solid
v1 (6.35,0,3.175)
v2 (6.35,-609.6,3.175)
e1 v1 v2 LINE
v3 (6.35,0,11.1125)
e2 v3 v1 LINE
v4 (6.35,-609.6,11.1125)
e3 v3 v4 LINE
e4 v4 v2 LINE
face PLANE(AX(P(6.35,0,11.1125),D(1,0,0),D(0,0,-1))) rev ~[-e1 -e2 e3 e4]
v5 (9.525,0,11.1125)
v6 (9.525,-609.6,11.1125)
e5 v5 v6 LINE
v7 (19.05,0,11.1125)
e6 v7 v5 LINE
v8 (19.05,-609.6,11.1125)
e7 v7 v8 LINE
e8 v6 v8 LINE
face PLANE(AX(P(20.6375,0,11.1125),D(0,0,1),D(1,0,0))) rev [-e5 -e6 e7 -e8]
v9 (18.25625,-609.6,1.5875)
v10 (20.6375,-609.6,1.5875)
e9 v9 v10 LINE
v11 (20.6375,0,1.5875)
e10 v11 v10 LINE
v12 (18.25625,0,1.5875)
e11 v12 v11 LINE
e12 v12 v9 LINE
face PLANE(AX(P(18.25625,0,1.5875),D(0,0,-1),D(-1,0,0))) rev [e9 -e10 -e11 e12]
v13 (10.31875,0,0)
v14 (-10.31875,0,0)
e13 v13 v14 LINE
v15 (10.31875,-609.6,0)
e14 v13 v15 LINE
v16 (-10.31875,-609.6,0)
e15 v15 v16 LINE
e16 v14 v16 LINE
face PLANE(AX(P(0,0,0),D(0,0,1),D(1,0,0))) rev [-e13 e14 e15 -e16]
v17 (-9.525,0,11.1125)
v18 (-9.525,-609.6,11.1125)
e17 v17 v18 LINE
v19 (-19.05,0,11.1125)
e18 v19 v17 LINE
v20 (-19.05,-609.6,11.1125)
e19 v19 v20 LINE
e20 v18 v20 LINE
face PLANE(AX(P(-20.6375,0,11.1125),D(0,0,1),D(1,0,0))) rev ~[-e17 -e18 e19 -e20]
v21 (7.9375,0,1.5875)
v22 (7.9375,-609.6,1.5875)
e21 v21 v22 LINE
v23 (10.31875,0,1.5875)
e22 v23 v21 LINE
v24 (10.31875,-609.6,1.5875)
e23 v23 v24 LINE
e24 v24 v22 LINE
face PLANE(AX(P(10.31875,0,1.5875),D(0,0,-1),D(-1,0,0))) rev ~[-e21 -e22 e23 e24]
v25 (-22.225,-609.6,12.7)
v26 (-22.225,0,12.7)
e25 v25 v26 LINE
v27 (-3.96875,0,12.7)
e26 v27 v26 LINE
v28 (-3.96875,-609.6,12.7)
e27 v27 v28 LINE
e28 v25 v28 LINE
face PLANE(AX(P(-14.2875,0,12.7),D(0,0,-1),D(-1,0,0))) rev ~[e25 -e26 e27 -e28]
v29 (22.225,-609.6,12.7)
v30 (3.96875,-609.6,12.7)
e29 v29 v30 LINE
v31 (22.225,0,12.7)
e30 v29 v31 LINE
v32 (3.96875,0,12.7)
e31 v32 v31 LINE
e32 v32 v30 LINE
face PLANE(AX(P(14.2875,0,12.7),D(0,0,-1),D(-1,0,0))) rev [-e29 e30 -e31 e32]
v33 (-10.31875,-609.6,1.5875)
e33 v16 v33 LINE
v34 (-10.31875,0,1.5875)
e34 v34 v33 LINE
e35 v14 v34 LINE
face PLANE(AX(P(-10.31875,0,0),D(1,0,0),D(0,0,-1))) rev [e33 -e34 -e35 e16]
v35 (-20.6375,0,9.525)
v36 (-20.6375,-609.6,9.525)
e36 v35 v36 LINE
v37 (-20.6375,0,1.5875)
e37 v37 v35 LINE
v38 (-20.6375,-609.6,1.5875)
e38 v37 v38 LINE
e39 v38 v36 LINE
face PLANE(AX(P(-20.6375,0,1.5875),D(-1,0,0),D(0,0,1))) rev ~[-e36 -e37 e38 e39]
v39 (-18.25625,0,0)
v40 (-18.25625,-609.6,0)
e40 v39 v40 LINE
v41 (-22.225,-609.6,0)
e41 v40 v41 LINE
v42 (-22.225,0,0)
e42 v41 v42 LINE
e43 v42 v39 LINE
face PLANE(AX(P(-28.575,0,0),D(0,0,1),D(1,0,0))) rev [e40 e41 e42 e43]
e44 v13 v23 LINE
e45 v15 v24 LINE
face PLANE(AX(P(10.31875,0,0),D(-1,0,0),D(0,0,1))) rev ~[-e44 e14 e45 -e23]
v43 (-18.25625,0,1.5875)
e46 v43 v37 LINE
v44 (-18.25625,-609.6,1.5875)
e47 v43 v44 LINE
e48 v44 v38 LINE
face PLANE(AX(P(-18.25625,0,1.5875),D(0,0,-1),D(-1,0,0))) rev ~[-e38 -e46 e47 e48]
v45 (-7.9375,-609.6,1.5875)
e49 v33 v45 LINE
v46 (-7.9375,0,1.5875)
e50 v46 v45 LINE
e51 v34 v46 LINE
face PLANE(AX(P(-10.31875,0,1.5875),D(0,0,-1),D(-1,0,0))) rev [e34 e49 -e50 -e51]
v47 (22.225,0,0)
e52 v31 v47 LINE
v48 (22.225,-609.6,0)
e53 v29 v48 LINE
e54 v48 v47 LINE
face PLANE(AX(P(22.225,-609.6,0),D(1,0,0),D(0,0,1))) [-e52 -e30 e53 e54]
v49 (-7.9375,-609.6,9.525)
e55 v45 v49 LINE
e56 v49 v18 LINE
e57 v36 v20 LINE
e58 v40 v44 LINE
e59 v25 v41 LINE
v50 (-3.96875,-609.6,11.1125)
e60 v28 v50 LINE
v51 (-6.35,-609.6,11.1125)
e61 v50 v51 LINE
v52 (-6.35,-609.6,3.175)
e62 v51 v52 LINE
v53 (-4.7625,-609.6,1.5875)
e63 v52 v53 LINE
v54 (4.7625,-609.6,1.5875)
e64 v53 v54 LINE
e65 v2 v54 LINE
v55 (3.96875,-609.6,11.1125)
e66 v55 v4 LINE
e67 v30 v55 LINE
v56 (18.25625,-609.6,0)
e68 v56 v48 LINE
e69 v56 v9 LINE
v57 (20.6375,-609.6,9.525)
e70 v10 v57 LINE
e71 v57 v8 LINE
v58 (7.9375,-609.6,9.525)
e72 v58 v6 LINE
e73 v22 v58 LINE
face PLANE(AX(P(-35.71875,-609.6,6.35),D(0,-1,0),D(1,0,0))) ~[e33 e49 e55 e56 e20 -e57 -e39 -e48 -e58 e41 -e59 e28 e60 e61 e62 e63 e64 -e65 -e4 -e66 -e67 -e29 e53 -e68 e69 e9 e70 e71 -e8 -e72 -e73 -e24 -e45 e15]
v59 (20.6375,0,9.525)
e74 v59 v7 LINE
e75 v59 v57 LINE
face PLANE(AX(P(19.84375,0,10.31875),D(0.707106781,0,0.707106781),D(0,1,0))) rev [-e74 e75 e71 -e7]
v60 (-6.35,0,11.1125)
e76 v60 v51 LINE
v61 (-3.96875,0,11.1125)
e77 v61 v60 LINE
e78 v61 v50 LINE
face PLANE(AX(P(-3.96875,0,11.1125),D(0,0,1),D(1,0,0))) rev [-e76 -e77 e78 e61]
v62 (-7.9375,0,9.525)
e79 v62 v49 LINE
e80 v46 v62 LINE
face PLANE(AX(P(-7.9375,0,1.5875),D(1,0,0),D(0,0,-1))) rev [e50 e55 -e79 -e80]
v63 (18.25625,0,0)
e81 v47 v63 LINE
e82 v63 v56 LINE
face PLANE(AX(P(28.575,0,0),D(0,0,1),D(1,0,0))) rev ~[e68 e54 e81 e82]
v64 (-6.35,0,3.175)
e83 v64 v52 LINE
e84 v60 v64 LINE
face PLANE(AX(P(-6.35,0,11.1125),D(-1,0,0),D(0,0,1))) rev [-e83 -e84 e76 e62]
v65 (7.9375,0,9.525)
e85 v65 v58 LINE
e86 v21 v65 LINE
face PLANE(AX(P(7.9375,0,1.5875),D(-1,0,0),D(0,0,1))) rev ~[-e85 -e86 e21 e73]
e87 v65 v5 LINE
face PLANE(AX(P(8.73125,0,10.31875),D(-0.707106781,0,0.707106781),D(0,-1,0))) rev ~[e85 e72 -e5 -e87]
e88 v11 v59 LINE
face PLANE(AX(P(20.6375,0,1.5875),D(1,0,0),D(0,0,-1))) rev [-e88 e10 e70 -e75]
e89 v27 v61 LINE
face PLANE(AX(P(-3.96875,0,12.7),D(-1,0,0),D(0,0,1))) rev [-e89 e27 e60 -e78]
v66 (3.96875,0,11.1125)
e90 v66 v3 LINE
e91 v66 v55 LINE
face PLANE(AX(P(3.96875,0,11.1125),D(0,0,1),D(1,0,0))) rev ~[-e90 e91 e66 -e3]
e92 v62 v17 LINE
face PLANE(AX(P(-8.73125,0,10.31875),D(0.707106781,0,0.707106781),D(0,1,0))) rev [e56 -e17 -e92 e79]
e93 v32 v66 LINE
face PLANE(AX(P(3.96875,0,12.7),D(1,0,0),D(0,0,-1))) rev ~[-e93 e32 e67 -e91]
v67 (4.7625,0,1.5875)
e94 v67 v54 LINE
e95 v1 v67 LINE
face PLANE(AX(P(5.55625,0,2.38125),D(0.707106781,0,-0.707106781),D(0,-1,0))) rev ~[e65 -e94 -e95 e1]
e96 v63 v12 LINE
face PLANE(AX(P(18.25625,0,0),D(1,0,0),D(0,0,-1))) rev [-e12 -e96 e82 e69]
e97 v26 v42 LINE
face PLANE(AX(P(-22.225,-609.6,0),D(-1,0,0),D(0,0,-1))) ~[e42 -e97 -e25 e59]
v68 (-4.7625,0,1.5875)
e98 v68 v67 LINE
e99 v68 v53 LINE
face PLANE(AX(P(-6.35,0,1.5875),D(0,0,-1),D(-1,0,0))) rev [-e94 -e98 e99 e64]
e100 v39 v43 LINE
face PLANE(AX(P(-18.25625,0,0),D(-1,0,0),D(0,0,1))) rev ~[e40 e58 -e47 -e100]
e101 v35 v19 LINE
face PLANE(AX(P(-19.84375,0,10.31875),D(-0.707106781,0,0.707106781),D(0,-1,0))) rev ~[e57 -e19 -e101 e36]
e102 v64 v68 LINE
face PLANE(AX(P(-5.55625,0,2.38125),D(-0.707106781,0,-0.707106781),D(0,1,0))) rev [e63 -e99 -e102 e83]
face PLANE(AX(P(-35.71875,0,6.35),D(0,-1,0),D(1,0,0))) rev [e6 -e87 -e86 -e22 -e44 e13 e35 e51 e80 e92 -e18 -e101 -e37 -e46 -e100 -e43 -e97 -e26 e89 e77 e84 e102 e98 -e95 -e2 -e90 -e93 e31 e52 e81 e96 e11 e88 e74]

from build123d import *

# Parameters (mm, degrees)
F1_DEPTH = 609.6
F2_SIZE  = 1.5875
F5_W     = 34.925
F5_H     = 12.7
F6_DEPTH = 609.601


with BuildPart() as f1:
    # F0 (on Front) → F1 (new body)
    with BuildSketch(Plane.XZ):
        Polygon((0, 1.5875), (0, 0), (10.31875, 0), (10.31875, 1.5875), (7.9375, 1.5875), (7.9375, 11.1125), (14.2875, 11.1125), (14.2875, 12.7), (3.96875, 12.7), (3.96875, 11.1125), (6.35, 11.1125), (6.35, 1.5875), align=None)
    extrude(amount=F1_DEPTH)

    # F2
    f2_edges = [f1.edges().sort_by_distance(p)[0] for p in [
        (6.35, -304.8, 1.5875),
        (7.9375, -304.8, 11.1125),
    ]]
    chamfer(f2_edges, length=F2_SIZE)

    # F3: F1 across face


with BuildPart() as f1_1:
    add(f1.part)
    add(f1.part.mirror(Plane(origin=(14.2875, -304.8, 11.90625), x_dir=(0, 1, 0), z_dir=(1, 0, 0))))

    # F4: F1 across face


with BuildPart() as f1_2:
    add(f1_1.part)
    add(f1_1.part.mirror(Plane(origin=(28.575, -304.8, 0.79375), x_dir=(0, 1, 0), z_dir=(1, 0, 0))))

    # F5 (on face) → F6 (cut, through all)
    with BuildSketch(Plane.XZ.offset(609.6)):
        with Locations((39.6875, 6.35)):
            Rectangle(F5_W, F5_H)
    extrude(amount=-F6_DEPTH, mode=Mode.SUBTRACT)

    # F7: F1 across face


with BuildPart() as f1_3:
    add(f1_2.part)
    add(f1_2.part.mirror(Plane(origin=(0, -304.8, 0.79375), x_dir=(0, -1, 0), z_dir=(-1, 0, 0))))


solid = f1_3.part
